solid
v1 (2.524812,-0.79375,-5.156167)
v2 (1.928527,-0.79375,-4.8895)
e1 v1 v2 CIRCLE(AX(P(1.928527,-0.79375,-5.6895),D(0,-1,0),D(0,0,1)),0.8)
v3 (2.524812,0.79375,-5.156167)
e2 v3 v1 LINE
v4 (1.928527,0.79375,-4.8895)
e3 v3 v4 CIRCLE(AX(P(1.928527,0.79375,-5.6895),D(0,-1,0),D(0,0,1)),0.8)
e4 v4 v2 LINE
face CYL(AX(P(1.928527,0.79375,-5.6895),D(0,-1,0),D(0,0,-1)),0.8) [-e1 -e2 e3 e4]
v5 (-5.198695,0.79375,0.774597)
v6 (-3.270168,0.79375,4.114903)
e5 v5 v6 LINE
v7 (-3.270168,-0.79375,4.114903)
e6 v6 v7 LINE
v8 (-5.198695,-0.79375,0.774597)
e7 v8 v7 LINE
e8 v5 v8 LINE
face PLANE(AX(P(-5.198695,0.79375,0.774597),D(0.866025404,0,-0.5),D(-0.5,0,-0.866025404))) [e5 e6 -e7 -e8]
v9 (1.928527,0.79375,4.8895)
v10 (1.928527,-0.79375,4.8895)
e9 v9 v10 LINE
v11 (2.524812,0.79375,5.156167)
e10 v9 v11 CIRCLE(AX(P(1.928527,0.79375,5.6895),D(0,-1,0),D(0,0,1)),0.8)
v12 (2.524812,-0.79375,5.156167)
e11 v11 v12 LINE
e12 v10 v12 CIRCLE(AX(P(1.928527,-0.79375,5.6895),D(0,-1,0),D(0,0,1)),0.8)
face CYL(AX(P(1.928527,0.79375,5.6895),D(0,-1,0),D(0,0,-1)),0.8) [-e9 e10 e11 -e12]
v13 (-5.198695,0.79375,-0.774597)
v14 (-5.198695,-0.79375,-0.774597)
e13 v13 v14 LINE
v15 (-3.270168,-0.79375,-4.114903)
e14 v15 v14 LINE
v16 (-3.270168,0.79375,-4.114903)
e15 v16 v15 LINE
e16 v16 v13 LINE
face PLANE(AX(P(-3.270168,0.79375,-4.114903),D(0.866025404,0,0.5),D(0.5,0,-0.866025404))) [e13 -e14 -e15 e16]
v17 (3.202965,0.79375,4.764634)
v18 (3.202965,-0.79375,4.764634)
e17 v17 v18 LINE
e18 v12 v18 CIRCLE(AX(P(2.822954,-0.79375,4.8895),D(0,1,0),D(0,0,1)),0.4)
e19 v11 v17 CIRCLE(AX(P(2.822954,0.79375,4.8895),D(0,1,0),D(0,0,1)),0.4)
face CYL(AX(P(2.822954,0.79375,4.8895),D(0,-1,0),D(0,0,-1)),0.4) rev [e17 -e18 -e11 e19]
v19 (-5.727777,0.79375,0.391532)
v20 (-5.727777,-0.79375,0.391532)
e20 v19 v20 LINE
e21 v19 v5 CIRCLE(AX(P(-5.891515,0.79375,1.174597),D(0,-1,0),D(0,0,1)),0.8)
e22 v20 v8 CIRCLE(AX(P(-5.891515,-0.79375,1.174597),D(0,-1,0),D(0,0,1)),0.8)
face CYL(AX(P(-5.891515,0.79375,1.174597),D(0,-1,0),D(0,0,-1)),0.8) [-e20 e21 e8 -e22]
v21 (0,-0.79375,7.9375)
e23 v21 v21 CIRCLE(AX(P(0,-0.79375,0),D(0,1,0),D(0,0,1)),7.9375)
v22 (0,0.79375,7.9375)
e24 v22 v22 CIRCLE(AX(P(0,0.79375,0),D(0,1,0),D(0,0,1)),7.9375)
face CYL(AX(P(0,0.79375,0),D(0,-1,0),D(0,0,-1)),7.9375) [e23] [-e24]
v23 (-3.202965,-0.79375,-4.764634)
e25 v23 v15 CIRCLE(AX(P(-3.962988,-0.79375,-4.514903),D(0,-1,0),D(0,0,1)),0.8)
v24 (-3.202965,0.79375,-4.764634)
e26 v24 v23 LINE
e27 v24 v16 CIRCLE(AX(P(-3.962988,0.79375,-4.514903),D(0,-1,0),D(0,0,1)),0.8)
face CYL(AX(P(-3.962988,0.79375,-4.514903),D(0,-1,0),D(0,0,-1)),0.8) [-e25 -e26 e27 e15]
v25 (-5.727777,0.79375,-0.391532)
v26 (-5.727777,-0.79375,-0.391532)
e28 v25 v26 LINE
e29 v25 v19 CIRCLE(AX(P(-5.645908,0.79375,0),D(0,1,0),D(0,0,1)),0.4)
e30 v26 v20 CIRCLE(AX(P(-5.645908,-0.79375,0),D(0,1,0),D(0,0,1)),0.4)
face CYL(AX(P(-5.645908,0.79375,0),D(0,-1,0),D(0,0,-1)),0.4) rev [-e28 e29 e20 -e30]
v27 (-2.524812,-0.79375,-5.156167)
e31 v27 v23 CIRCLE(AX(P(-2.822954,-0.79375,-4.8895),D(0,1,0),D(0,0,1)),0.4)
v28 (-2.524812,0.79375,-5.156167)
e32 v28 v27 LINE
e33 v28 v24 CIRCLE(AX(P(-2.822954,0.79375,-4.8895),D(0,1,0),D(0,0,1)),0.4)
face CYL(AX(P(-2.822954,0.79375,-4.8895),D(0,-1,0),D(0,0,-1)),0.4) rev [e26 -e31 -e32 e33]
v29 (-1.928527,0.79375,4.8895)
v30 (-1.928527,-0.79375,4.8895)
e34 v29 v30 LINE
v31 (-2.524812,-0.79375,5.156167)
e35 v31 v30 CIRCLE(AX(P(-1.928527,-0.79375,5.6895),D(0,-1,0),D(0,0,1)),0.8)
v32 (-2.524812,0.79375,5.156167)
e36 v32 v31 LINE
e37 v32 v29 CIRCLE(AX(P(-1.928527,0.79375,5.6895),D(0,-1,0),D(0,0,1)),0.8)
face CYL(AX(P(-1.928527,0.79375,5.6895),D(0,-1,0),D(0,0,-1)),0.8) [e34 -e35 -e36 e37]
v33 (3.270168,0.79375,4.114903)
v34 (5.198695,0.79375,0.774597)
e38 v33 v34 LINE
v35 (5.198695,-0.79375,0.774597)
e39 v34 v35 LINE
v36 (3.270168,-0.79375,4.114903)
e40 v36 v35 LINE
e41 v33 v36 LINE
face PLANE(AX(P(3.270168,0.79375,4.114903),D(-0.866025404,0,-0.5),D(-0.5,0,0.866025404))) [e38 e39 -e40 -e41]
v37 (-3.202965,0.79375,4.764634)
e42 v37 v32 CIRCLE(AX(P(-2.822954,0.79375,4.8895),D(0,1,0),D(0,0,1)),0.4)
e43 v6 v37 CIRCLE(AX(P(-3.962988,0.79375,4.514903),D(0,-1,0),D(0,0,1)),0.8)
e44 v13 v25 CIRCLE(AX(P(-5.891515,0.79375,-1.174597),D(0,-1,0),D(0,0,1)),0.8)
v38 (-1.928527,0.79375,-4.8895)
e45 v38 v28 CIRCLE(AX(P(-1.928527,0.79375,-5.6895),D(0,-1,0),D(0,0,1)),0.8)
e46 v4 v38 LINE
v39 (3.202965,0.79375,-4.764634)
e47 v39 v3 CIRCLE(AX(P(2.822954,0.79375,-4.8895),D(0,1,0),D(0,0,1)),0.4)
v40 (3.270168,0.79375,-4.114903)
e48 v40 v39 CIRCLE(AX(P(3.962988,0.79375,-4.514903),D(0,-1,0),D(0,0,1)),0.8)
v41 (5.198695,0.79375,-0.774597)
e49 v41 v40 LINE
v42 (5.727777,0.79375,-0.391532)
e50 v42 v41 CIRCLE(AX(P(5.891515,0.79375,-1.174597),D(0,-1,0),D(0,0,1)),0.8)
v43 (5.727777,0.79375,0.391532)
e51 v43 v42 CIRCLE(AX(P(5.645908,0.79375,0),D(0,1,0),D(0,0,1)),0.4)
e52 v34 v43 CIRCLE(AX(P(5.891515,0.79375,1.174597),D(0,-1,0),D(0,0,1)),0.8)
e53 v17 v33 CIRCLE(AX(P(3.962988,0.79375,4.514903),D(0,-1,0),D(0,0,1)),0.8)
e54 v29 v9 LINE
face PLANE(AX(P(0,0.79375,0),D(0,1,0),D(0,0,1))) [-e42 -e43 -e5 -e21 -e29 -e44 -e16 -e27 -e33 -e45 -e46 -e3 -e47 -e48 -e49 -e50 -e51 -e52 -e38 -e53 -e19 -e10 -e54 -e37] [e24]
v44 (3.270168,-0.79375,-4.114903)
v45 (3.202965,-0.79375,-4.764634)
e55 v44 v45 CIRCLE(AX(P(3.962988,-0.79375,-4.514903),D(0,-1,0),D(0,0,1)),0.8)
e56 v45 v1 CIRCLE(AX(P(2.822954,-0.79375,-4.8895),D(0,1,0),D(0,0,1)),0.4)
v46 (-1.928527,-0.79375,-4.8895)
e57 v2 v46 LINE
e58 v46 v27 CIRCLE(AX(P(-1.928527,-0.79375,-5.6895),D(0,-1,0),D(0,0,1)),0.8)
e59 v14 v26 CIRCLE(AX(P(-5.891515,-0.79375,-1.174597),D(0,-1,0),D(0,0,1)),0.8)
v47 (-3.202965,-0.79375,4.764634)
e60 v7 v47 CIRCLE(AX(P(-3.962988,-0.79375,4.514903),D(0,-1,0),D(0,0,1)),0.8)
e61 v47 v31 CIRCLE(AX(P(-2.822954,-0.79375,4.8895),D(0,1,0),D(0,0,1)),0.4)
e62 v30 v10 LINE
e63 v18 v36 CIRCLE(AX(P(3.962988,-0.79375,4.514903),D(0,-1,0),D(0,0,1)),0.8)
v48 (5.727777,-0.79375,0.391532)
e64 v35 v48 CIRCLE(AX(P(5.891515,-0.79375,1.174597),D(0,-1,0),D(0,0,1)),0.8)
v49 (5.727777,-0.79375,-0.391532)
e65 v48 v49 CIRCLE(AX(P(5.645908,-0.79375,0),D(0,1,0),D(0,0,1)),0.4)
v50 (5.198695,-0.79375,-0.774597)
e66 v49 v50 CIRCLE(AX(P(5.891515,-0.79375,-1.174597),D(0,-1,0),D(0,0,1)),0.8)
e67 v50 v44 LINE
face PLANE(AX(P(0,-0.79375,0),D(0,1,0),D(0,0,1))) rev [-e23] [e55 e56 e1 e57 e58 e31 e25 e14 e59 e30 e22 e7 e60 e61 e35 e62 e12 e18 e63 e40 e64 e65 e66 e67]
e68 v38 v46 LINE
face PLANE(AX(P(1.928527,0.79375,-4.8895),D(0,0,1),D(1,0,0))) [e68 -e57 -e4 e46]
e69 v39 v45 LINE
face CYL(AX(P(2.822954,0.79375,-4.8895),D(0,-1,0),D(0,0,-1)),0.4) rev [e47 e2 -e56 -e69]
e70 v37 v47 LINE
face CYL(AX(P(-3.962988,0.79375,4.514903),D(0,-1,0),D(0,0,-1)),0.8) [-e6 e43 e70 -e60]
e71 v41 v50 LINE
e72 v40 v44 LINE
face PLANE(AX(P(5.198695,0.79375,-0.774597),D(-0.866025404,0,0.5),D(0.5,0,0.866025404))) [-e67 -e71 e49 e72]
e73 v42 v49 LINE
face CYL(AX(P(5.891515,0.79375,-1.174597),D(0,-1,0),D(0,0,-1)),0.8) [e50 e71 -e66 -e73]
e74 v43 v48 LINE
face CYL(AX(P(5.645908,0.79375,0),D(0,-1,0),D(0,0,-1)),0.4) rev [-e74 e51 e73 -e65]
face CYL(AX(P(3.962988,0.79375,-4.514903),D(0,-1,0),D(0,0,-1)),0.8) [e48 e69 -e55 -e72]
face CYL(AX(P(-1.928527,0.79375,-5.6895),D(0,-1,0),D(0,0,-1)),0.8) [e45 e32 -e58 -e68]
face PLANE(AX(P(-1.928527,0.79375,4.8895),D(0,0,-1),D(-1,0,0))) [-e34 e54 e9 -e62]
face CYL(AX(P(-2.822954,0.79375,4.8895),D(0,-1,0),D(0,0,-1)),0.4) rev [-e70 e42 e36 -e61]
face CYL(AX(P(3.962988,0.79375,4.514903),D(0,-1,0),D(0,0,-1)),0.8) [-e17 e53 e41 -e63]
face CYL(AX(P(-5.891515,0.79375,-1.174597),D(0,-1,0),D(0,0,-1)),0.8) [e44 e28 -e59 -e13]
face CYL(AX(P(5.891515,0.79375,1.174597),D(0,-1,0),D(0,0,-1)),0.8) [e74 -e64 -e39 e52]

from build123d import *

# Parameters (mm, degrees)
CROQUIS1_R              = 7.9375
SALIENTE_EXTRUIR1_DEPTH = 0.79375


with BuildPart() as part:
    # Croquis1 → Saliente-Extruir1 (new, symmetric)
    with BuildSketch(Plane(origin=(0, 0, 0), x_dir=(1, 0, 0), z_dir=(0, 1, 0))):
        with Locations(Location((0, 0, 0), (0, 0, 270))):
            Circle(CROQUIS1_R)
        with BuildLine():
            Line((3.270167737, -4.114903331), (5.198694687, -0.774596669))
            ThreePointArc((5.198694687, -0.774596669), (5.422358794, -0.526605585), (5.727777192, -0.391532223))
            ThreePointArc((5.727777192, -0.391532223), (6.045908282, 0), (5.727777192, 0.391532223))
            ThreePointArc((5.727777192, 0.391532223), (5.422358794, 0.526605585), (5.198694687, 0.774596669))
            Line((5.198694687, 0.774596669), (3.270167737, 4.114903331))
            ThreePointArc((3.270167737, 4.114903331), (3.167233212, 4.432597672), (3.202965447, 4.764634444))
            ThreePointArc((3.202965447, 4.764634444), (3.022954141, 5.235910162), (2.524811744, 5.156166667))
            ThreePointArc((2.524811744, 5.156166667), (2.255125583, 4.959203257), (1.92852695, 4.8895))
            Line((1.92852695, 4.8895), (-1.92852695, 4.8895))
            ThreePointArc((-1.92852695, 4.8895), (-2.255125583, 4.959203257), (-2.524811744, 5.156166667))
            ThreePointArc((-2.524811744, 5.156166667), (-3.022954141, 5.235910162), (-3.202965447, 4.764634444))
            ThreePointArc((-3.202965447, 4.764634444), (-3.167233212, 4.432597672), (-3.270167737, 4.114903331))
            Line((-3.270167737, 4.114903331), (-5.198694687, 0.774596669))
            ThreePointArc((-5.198694687, 0.774596669), (-5.422358794, 0.526605585), (-5.727777192, 0.391532223))
            ThreePointArc((-5.727777192, 0.391532223), (-6.045908282, 0), (-5.727777192, -0.391532223))
            ThreePointArc((-5.727777192, -0.391532223), (-5.422358794, -0.526605585), (-5.198694687, -0.774596669))
            Line((-5.198694687, -0.774596669), (-3.270167737, -4.114903331))
            ThreePointArc((-3.270167737, -4.114903331), (-3.167233212, -4.432597672), (-3.202965447, -4.764634444))
            ThreePointArc((-3.202965447, -4.764634444), (-3.022954141, -5.235910162), (-2.524811744, -5.156166667))
            ThreePointArc((-2.524811744, -5.156166667), (-2.255125583, -4.959203257), (-1.92852695, -4.8895))
            Line((-1.92852695, -4.8895), (1.92852695, -4.8895))
            ThreePointArc((1.92852695, -4.8895), (2.255125583, -4.959203257), (2.524811744, -5.156166667))
            ThreePointArc((2.524811744, -5.156166667), (3.022954141, -5.235910162), (3.202965447, -4.764634444))
            ThreePointArc((3.202965447, -4.764634444), (3.167233212, -4.432597672), (3.270167737, -4.114903331))
        make_face(mode=Mode.SUBTRACT)
    extrude(amount=SALIENTE_EXTRUIR1_DEPTH, both=True)


solid = part.part
